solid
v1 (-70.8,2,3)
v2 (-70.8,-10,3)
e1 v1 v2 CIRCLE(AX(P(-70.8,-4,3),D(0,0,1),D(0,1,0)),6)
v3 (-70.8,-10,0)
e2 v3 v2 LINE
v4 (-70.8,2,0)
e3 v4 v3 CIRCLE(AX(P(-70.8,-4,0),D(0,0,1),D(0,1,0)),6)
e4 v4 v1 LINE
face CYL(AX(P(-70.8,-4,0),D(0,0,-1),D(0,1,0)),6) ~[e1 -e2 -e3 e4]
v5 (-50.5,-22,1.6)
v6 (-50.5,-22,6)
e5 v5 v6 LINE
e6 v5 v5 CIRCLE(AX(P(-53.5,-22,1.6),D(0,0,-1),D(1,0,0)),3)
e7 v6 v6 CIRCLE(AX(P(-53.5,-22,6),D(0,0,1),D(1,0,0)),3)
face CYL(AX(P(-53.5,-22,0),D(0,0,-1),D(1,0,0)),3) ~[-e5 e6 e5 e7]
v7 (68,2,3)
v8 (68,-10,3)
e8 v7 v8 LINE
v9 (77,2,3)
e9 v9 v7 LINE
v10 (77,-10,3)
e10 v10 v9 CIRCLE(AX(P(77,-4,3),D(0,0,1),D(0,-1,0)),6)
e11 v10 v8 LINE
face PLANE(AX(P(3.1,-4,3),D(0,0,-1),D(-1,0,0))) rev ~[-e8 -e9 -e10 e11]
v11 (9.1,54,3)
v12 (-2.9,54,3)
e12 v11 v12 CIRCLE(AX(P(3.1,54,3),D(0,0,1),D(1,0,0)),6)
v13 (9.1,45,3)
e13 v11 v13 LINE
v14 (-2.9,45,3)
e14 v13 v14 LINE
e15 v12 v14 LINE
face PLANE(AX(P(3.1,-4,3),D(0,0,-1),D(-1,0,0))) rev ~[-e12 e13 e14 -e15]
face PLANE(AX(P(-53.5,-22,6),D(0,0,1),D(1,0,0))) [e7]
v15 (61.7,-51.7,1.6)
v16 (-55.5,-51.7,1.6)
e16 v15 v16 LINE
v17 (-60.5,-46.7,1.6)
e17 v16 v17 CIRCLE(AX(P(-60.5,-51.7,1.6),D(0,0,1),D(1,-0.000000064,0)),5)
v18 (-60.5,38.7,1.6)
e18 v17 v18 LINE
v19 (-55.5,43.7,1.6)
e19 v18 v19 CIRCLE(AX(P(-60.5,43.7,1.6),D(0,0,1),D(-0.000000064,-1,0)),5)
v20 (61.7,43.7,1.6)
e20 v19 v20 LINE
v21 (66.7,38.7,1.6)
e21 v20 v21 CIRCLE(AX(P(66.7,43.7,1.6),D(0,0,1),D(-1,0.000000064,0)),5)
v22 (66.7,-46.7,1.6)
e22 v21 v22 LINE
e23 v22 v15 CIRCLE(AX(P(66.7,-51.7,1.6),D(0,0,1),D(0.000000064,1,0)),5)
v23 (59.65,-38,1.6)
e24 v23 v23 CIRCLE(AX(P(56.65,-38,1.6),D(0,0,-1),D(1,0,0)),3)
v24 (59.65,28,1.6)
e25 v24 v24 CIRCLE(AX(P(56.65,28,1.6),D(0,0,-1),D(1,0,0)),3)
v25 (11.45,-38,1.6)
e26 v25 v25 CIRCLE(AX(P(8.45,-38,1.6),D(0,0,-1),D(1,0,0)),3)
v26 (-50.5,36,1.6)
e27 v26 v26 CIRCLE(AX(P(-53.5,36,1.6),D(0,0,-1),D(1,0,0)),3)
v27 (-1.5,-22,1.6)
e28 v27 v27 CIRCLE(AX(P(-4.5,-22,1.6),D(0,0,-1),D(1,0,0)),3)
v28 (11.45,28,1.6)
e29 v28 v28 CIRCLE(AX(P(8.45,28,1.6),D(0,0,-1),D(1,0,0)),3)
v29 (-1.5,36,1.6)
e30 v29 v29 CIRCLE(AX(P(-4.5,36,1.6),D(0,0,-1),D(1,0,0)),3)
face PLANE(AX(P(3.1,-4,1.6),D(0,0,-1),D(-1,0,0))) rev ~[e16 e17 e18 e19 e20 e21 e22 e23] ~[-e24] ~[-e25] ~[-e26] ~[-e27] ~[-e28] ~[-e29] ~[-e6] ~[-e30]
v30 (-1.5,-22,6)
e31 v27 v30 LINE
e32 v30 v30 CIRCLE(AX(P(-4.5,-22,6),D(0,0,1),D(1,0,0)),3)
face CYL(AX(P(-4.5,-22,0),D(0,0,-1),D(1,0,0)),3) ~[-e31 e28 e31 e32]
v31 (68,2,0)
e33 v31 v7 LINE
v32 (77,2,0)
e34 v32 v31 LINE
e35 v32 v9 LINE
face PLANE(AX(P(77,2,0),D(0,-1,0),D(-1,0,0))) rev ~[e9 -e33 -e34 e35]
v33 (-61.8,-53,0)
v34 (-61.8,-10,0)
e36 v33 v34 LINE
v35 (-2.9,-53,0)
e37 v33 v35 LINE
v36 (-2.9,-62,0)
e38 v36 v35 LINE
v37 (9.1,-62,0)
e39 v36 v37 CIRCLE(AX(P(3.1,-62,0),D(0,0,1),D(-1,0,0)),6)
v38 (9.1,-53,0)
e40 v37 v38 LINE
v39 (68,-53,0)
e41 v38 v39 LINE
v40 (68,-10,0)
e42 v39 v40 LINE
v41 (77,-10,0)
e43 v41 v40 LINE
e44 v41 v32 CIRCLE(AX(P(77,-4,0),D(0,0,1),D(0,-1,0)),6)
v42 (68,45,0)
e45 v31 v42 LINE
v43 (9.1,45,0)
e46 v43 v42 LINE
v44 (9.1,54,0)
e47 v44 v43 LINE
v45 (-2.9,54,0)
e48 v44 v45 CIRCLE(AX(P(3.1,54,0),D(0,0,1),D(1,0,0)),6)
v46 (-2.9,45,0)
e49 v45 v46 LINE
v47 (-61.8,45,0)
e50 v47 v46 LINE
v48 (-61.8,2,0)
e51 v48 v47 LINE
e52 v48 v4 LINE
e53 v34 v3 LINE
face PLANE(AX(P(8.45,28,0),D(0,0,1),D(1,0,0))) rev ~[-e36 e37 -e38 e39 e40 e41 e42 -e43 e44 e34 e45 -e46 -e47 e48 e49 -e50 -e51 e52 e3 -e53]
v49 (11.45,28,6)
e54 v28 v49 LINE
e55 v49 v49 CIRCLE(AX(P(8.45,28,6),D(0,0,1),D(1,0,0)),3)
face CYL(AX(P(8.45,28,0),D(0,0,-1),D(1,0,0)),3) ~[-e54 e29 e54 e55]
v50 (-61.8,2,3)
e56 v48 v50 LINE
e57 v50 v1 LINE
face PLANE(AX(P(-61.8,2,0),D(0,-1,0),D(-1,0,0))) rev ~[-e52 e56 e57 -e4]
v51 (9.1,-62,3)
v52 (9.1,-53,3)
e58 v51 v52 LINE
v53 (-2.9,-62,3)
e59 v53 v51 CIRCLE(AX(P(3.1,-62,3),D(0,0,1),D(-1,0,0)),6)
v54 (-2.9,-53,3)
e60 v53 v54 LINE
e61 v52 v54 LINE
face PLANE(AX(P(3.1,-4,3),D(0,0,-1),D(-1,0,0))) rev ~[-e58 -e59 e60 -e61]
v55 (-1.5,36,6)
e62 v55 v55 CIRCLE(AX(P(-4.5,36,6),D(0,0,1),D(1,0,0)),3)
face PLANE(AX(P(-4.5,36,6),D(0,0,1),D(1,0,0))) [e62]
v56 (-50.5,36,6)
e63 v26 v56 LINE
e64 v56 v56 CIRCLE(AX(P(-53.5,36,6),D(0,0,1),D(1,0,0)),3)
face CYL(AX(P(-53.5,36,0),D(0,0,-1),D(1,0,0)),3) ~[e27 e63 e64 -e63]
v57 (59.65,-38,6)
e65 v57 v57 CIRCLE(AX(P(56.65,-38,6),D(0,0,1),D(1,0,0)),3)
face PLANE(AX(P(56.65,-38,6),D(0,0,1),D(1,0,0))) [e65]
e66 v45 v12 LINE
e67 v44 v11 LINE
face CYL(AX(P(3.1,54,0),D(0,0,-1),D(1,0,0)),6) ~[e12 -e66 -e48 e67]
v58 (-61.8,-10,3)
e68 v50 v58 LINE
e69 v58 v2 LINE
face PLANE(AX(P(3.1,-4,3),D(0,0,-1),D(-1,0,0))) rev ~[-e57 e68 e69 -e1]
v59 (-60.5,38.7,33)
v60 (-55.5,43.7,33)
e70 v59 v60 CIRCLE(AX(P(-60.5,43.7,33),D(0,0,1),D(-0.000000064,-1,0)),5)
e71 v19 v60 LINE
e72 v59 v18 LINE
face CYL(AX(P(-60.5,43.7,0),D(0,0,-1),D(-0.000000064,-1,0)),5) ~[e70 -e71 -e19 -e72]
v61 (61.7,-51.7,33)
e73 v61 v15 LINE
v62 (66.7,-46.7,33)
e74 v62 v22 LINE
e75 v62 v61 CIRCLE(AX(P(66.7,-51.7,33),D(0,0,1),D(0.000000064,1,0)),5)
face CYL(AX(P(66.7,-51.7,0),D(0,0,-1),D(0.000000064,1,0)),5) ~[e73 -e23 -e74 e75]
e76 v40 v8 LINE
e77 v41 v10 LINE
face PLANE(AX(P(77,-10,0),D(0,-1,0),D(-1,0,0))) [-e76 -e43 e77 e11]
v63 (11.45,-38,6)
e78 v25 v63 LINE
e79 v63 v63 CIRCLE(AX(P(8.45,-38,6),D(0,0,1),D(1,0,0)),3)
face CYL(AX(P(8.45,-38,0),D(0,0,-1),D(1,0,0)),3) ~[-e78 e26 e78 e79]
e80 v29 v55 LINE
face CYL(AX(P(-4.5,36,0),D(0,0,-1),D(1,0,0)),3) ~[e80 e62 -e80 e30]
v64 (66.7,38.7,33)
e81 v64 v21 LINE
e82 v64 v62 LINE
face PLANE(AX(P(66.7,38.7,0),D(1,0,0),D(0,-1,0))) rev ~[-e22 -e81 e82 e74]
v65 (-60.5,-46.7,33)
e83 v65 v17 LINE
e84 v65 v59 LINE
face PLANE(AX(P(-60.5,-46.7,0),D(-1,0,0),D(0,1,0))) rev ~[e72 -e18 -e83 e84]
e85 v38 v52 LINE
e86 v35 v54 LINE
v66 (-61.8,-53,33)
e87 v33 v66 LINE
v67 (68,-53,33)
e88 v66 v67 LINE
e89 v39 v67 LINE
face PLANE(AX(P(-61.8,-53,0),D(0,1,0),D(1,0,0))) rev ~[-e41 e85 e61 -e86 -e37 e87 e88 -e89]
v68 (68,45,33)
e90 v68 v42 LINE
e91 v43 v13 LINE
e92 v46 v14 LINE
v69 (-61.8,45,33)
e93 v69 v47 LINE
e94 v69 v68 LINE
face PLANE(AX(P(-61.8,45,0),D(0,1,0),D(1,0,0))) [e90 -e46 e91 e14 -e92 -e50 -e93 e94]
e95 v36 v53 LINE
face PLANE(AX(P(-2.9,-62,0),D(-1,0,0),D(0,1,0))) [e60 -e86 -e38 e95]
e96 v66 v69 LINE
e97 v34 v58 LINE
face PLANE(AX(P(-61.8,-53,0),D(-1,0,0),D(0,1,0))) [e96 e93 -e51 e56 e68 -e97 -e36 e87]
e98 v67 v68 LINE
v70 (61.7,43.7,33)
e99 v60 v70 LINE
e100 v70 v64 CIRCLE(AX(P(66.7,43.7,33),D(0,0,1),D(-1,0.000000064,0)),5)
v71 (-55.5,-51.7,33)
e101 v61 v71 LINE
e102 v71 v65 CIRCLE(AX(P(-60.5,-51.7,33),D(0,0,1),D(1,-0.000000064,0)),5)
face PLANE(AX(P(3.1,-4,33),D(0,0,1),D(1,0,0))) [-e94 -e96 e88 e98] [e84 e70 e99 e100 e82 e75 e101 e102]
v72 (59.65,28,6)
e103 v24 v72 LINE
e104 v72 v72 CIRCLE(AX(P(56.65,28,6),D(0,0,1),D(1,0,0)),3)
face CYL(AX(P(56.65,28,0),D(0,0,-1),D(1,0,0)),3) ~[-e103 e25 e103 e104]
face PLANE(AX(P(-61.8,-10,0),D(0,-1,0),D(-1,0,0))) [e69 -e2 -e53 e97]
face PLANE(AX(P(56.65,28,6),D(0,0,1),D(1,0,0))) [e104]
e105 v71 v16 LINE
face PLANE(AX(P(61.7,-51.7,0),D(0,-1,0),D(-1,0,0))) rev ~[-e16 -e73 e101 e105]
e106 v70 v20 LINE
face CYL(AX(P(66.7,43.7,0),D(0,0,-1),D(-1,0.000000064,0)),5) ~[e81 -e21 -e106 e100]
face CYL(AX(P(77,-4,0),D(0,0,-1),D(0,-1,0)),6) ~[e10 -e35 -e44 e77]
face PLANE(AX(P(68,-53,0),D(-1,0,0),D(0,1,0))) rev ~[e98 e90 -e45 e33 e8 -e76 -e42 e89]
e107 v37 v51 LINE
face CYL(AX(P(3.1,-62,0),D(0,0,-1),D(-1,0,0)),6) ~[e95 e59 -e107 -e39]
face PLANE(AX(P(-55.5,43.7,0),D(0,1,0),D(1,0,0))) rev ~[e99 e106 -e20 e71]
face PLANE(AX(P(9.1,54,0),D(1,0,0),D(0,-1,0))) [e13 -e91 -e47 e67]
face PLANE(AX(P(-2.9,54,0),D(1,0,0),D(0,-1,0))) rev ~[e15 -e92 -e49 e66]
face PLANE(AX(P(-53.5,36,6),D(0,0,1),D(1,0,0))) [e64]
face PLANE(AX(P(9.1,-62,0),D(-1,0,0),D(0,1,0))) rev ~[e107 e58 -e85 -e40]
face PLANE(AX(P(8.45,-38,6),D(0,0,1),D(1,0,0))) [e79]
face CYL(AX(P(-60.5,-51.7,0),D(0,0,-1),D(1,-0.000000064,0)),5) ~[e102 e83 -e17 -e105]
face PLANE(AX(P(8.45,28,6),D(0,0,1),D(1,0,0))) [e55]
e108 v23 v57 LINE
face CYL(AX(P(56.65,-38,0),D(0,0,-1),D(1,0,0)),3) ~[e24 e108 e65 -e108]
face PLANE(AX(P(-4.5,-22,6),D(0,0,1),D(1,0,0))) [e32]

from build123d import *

# Parameters (mm, degrees)
SKETCH008_R  = 3
PAD008_DEPTH = 6
SKETCH004_R  = 3
PAD004_DEPTH = 6
PAD001_DEPTH = 1.6
PAD_DEPTH    = 3
SKETCH002_W  = 129.8
SKETCH002_H  = 98
PAD002_DEPTH = 33
SKETCH005_R  = 3
PAD005_DEPTH = 6
SKETCH006_R  = 3
PAD006_DEPTH = 6
SKETCH007_R  = 3
PAD007_DEPTH = 6
SKETCH009_R  = 3
PAD009_DEPTH = 6
SKETCH010_R  = 3
PAD010_DEPTH = 6
SKETCH011_R  = 3
PAD011_DEPTH = 6


with BuildPart() as body008:
    # Sketch008 → Pad008 (new body)
    with BuildSketch(Plane.XY):
        with Locations((8.45, 28)):
            Circle(SKETCH008_R)
    extrude(amount=PAD008_DEPTH)


with BuildPart() as body004:
    # Sketch004 → Pad004 (new body)
    with BuildSketch(Plane.XY):
        with Locations((-53.5, 36)):
            Circle(SKETCH004_R)
    extrude(amount=PAD004_DEPTH)


with BuildPart() as body001:
    # Sketch001 → Pad001 (new body)
    with BuildSketch(Plane.XY):
        with BuildLine():
            Line((-55.5, 43.7), (61.7, 43.7))
            ThreePointArc((61.7, 43.7), (63.164466, 40.164466), (66.7, 38.7))
            Line((66.7, 38.7), (66.7, -46.7))
            ThreePointArc((66.7, -46.7), (63.164466, -48.164466), (61.7, -51.7))
            Line((61.7, -51.7), (-55.5, -51.7))
            ThreePointArc((-55.5, -51.7), (-56.964466, -48.164466), (-60.5, -46.7))
            Line((-60.5, -46.7), (-60.5, 38.7))
            ThreePointArc((-60.5, 38.7), (-56.964466, 40.164466), (-55.5, 43.7))
        make_face()
    extrude(amount=PAD001_DEPTH)


with BuildPart() as fusion:
    # Sketch → Pad (new body)
    with BuildSketch(Plane.XY):
        with BuildLine():
            Line((-61.8, 45), (-2.9, 45))
            Line((-2.9, 54), (-2.9, 45))
            ThreePointArc((9.1, 54), (3.1, 60), (-2.9, 54))
            Line((9.1, 54), (9.1, 45))
            Line((9.1, 45), (68, 45))
            Line((68, 45), (68, 2))
            Line((77, 2), (68, 2))
            ThreePointArc((77, -10), (83, -4), (77, 2))
            Line((77, -10), (68, -10))
            Line((68, -10), (68, -53))
            Line((68, -53), (9.1, -53))
            Line((9.1, -62), (9.1, -53))
            ThreePointArc((-2.9, -62), (3.1, -68), (9.1, -62))
            Line((-2.9, -62), (-2.9, -53))
            Line((-2.9, -53), (-61.8, -53))
            Line((-61.8, -53), (-61.8, -10))
            Line((-61.8, -10), (-70.8, -10))
            ThreePointArc((-70.8, 2), (-76.8, -4), (-70.8, -10))
            Line((-61.8, 2), (-70.8, 2))
            Line((-61.8, 2), (-61.8, 45))
        make_face()
        with BuildLine():
            Line((-55.5, 43.7), (61.7, 43.7))
            ThreePointArc((61.7, 43.7), (63.164466, 40.164466), (66.7, 38.7))
            Line((66.7, 38.7), (66.7, -46.7))
            ThreePointArc((66.7, -46.7), (63.164466, -48.164466), (61.7, -51.7))
            Line((61.7, -51.7), (-55.5, -51.7))
            ThreePointArc((-55.5, -51.7), (-56.964466, -48.164466), (-60.5, -46.7))
            Line((-60.5, -46.7), (-60.5, 38.7))
            ThreePointArc((-60.5, 38.7), (-56.964466, 40.164466), (-55.5, 43.7))
        make_face(mode=Mode.SUBTRACT)
    extrude(amount=PAD_DEPTH)

    # Fusion: union Body001
    add(body001.part)


with BuildPart() as fusion002:
    # Sketch002 → Pad002 (new body)
    with BuildSketch(Plane.XY):
        with Locations((3.1, -4)):
            Rectangle(SKETCH002_W, SKETCH002_H)
        with BuildLine():
            Line((-55.5, 43.7), (61.7, 43.7))
            ThreePointArc((61.7, 43.7), (63.164466, 40.164466), (66.7, 38.7))
            Line((66.7, 38.7), (66.7, -46.7))
            ThreePointArc((66.7, -46.7), (63.164466, -48.164466), (61.7, -51.7))
            Line((61.7, -51.7), (-55.5, -51.7))
            ThreePointArc((-55.5, -51.7), (-56.964466, -48.164466), (-60.5, -46.7))
            Line((-60.5, -46.7), (-60.5, 38.7))
            ThreePointArc((-60.5, 38.7), (-56.964466, 40.164466), (-55.5, 43.7))
        make_face(mode=Mode.SUBTRACT)
    extrude(amount=PAD002_DEPTH)

    # Fusion001: union Fusion
    add(fusion.part)

    # Fusion002: union Body004
    add(body004.part)


with BuildPart() as fusion003:
    # Sketch005 → Pad005 (new body)
    with BuildSketch(Plane.XY):
        with Locations((-4.5, 36)):
            Circle(SKETCH005_R)
    extrude(amount=PAD005_DEPTH)

    # Fusion003: union Fusion002
    add(fusion002.part)


with BuildPart() as fusion004:
    # Sketch006 → Pad006 (new body)
    with BuildSketch(Plane.XY):
        with Locations((-4.5, -22)):
            Circle(SKETCH006_R)
    extrude(amount=PAD006_DEPTH)

    # Fusion004: union Fusion003
    add(fusion003.part)


with BuildPart() as fusion006:
    # Sketch007 → Pad007 (new body)
    with BuildSketch(Plane.XY):
        with Locations((-53.5, -22)):
            Circle(SKETCH007_R)
    extrude(amount=PAD007_DEPTH)

    # Fusion005: union Fusion004
    add(fusion004.part)

    # Fusion006: union Body008
    add(body008.part)


with BuildPart() as fusion007:
    # Sketch009 → Pad009 (new body)
    with BuildSketch(Plane.XY):
        with Locations((56.65, 28)):
            Circle(SKETCH009_R)
    extrude(amount=PAD009_DEPTH)

    # Fusion007: union Fusion006
    add(fusion006.part)


with BuildPart() as fusion008:
    # Sketch010 → Pad010 (new body)
    with BuildSketch(Plane.XY):
        with Locations((56.65, -38)):
            Circle(SKETCH010_R)
    extrude(amount=PAD010_DEPTH)

    # Fusion008: union Fusion007
    add(fusion007.part)


with BuildPart() as fusion009:
    # Sketch011 → Pad011 (new body)
    with BuildSketch(Plane.XY):
        with Locations((8.45, -38)):
            Circle(SKETCH011_R)
    extrude(amount=PAD011_DEPTH)

    # Fusion009: union Fusion008
    add(fusion008.part)


solid = fusion009.part
